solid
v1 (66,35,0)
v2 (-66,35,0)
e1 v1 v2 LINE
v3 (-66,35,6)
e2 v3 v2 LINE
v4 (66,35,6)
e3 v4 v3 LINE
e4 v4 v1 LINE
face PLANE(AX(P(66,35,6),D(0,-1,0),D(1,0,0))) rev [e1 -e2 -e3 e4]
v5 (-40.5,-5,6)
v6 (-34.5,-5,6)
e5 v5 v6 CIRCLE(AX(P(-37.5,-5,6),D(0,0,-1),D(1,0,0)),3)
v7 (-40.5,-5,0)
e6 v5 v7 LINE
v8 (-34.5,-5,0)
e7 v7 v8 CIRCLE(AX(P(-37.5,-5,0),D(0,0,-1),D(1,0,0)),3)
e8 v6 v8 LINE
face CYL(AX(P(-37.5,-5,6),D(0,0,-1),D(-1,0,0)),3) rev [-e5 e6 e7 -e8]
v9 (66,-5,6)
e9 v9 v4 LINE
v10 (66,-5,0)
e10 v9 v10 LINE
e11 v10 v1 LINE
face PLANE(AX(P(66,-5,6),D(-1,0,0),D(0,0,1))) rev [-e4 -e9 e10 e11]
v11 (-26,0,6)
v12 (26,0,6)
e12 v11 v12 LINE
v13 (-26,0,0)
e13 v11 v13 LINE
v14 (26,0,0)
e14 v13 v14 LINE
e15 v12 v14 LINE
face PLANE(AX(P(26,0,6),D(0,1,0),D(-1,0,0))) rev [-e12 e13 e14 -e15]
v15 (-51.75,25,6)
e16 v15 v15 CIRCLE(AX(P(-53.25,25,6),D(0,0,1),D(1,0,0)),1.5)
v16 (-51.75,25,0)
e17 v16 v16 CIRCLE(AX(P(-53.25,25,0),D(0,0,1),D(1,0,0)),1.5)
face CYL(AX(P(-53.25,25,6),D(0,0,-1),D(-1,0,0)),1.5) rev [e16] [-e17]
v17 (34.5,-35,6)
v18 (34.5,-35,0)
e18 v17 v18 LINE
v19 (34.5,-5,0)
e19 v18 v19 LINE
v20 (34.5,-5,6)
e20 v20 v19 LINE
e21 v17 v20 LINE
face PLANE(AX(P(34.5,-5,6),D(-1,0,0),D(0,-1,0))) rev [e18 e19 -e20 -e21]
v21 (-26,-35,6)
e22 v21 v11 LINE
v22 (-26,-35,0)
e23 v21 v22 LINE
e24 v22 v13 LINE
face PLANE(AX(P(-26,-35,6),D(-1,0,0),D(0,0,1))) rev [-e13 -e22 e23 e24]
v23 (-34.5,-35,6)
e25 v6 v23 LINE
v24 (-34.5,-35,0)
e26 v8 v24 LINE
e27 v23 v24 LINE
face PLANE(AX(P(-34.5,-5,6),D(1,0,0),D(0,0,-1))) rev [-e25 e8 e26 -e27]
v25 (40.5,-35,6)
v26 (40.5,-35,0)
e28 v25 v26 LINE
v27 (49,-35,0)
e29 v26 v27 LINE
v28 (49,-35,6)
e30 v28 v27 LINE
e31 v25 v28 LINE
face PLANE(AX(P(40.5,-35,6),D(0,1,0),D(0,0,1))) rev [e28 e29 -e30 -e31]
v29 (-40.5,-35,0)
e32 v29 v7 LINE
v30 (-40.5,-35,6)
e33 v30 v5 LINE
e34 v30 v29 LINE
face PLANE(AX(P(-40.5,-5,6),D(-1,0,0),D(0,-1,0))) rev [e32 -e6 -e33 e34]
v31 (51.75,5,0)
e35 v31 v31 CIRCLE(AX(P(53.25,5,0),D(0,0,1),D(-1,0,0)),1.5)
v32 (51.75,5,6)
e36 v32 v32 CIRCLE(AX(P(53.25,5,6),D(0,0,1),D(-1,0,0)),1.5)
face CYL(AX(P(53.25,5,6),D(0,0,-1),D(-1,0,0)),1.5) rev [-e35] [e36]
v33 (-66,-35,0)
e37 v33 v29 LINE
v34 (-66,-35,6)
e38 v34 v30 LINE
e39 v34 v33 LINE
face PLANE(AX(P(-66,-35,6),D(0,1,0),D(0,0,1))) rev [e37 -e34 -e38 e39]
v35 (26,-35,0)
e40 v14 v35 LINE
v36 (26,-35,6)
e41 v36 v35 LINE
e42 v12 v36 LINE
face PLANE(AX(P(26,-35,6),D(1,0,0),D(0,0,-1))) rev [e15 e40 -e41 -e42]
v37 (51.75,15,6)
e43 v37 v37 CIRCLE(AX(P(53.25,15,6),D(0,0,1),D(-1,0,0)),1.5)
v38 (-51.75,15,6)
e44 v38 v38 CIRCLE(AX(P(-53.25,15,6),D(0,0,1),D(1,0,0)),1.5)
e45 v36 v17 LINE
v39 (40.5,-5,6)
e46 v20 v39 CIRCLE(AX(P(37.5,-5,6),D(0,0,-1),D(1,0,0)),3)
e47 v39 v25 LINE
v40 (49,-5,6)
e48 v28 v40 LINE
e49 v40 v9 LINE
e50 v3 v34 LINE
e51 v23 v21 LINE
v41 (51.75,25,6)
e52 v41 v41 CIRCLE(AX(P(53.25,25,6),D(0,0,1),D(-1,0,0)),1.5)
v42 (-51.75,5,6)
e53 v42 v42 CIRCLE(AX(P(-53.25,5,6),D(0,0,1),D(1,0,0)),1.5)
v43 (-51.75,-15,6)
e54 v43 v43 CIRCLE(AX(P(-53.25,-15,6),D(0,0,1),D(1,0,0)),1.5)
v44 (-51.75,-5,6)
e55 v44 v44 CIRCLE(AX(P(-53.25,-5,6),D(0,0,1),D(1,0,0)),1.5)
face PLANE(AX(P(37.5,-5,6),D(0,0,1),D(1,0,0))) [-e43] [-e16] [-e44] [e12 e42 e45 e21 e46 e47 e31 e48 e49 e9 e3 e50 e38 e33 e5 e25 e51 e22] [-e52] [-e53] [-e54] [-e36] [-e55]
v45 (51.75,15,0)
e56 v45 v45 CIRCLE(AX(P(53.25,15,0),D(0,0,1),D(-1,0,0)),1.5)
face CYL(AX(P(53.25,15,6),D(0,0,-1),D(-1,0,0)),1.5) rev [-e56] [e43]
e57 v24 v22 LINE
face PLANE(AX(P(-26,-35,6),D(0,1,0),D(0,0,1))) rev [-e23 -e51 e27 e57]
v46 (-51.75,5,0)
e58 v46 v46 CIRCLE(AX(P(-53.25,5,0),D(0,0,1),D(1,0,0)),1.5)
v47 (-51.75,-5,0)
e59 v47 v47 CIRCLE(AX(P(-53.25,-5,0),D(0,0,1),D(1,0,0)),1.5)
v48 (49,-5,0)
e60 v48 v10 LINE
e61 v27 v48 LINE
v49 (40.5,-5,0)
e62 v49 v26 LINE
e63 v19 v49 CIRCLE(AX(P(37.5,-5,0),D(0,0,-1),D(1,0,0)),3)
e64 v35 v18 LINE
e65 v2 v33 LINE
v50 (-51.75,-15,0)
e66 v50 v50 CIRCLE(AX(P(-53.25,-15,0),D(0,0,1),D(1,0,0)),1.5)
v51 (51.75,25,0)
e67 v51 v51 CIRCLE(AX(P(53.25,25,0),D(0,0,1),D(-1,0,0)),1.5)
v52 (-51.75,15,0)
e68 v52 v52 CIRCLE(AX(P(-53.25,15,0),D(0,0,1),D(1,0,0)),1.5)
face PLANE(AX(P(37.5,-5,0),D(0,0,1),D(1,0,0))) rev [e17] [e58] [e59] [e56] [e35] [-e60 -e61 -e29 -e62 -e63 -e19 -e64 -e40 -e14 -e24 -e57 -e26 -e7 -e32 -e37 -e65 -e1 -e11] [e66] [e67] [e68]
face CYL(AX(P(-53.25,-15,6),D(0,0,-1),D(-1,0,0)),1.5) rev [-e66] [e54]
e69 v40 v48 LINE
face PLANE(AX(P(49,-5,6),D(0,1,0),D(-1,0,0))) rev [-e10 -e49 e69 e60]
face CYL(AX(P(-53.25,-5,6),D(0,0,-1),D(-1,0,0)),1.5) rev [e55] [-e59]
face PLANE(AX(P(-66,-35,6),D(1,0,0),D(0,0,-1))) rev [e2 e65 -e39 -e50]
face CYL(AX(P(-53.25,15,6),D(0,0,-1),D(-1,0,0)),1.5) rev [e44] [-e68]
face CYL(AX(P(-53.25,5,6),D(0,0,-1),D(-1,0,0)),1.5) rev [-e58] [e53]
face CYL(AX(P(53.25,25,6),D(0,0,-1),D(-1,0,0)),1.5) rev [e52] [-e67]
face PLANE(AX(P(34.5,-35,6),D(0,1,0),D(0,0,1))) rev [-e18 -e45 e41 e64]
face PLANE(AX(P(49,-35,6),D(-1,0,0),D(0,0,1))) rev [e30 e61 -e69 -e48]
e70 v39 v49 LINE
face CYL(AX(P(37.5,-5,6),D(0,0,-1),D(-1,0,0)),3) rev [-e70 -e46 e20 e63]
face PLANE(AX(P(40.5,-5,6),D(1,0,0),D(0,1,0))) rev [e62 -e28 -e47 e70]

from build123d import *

# Parameters (mm, degrees)
ESBO_O1_R                = 1.5
RESSALTO_EXTRUS_O1_DEPTH = 6


with BuildPart() as part:
    # Esboço1 → Ressalto-extrusão1 (new body)
    with BuildSketch(Plane.XY):
        with BuildLine():
            Line((-66, -35), (-40.5, -35))
            Line((-40.5, -35), (-40.5, -5))
            ThreePointArc((-40.5, -5), (-37.5, -2), (-34.5, -5))
            Line((-34.5, -5), (-34.5, -35))
            Line((-34.5, -35), (-26, -35))
            Line((-26, -35), (-26, 0))
            Line((-26, 0), (26, 0))
            Line((26, 0), (26, -35))
            Line((26, -35), (34.5, -35))
            Line((34.5, -35), (34.5, -5))
            ThreePointArc((34.5, -5), (37.5, -2), (40.5, -5))
            Line((40.5, -5), (40.5, -35))
            Line((40.5, -35), (49, -35))
            Line((49, -35), (49, -5))
            Line((49, -5), (66, -5))
            Line((66, -5), (66, 35))
            Line((66, 35), (-66, 35))
            Line((-66, 35), (-66, -35))
        make_face()
        with Locations((-53.25, -5)):
            Circle(ESBO_O1_R, mode=Mode.SUBTRACT)
        with Locations((-53.25, -15)):
            Circle(ESBO_O1_R, mode=Mode.SUBTRACT)
        with Locations((-53.25, 15)):
            Circle(ESBO_O1_R, mode=Mode.SUBTRACT)
        with Locations((-53.25, 25)):
            Circle(ESBO_O1_R, mode=Mode.SUBTRACT)
        with Locations((-53.25, 5)):
            Circle(ESBO_O1_R, mode=Mode.SUBTRACT)
        with Locations((53.25, 5)):
            Circle(ESBO_O1_R, mode=Mode.SUBTRACT)
        with Locations((53.25, 25)):
            Circle(ESBO_O1_R, mode=Mode.SUBTRACT)
        with Locations((53.25, 15)):
            Circle(ESBO_O1_R, mode=Mode.SUBTRACT)
    extrude(amount=RESSALTO_EXTRUS_O1_DEPTH)


solid = part.part
